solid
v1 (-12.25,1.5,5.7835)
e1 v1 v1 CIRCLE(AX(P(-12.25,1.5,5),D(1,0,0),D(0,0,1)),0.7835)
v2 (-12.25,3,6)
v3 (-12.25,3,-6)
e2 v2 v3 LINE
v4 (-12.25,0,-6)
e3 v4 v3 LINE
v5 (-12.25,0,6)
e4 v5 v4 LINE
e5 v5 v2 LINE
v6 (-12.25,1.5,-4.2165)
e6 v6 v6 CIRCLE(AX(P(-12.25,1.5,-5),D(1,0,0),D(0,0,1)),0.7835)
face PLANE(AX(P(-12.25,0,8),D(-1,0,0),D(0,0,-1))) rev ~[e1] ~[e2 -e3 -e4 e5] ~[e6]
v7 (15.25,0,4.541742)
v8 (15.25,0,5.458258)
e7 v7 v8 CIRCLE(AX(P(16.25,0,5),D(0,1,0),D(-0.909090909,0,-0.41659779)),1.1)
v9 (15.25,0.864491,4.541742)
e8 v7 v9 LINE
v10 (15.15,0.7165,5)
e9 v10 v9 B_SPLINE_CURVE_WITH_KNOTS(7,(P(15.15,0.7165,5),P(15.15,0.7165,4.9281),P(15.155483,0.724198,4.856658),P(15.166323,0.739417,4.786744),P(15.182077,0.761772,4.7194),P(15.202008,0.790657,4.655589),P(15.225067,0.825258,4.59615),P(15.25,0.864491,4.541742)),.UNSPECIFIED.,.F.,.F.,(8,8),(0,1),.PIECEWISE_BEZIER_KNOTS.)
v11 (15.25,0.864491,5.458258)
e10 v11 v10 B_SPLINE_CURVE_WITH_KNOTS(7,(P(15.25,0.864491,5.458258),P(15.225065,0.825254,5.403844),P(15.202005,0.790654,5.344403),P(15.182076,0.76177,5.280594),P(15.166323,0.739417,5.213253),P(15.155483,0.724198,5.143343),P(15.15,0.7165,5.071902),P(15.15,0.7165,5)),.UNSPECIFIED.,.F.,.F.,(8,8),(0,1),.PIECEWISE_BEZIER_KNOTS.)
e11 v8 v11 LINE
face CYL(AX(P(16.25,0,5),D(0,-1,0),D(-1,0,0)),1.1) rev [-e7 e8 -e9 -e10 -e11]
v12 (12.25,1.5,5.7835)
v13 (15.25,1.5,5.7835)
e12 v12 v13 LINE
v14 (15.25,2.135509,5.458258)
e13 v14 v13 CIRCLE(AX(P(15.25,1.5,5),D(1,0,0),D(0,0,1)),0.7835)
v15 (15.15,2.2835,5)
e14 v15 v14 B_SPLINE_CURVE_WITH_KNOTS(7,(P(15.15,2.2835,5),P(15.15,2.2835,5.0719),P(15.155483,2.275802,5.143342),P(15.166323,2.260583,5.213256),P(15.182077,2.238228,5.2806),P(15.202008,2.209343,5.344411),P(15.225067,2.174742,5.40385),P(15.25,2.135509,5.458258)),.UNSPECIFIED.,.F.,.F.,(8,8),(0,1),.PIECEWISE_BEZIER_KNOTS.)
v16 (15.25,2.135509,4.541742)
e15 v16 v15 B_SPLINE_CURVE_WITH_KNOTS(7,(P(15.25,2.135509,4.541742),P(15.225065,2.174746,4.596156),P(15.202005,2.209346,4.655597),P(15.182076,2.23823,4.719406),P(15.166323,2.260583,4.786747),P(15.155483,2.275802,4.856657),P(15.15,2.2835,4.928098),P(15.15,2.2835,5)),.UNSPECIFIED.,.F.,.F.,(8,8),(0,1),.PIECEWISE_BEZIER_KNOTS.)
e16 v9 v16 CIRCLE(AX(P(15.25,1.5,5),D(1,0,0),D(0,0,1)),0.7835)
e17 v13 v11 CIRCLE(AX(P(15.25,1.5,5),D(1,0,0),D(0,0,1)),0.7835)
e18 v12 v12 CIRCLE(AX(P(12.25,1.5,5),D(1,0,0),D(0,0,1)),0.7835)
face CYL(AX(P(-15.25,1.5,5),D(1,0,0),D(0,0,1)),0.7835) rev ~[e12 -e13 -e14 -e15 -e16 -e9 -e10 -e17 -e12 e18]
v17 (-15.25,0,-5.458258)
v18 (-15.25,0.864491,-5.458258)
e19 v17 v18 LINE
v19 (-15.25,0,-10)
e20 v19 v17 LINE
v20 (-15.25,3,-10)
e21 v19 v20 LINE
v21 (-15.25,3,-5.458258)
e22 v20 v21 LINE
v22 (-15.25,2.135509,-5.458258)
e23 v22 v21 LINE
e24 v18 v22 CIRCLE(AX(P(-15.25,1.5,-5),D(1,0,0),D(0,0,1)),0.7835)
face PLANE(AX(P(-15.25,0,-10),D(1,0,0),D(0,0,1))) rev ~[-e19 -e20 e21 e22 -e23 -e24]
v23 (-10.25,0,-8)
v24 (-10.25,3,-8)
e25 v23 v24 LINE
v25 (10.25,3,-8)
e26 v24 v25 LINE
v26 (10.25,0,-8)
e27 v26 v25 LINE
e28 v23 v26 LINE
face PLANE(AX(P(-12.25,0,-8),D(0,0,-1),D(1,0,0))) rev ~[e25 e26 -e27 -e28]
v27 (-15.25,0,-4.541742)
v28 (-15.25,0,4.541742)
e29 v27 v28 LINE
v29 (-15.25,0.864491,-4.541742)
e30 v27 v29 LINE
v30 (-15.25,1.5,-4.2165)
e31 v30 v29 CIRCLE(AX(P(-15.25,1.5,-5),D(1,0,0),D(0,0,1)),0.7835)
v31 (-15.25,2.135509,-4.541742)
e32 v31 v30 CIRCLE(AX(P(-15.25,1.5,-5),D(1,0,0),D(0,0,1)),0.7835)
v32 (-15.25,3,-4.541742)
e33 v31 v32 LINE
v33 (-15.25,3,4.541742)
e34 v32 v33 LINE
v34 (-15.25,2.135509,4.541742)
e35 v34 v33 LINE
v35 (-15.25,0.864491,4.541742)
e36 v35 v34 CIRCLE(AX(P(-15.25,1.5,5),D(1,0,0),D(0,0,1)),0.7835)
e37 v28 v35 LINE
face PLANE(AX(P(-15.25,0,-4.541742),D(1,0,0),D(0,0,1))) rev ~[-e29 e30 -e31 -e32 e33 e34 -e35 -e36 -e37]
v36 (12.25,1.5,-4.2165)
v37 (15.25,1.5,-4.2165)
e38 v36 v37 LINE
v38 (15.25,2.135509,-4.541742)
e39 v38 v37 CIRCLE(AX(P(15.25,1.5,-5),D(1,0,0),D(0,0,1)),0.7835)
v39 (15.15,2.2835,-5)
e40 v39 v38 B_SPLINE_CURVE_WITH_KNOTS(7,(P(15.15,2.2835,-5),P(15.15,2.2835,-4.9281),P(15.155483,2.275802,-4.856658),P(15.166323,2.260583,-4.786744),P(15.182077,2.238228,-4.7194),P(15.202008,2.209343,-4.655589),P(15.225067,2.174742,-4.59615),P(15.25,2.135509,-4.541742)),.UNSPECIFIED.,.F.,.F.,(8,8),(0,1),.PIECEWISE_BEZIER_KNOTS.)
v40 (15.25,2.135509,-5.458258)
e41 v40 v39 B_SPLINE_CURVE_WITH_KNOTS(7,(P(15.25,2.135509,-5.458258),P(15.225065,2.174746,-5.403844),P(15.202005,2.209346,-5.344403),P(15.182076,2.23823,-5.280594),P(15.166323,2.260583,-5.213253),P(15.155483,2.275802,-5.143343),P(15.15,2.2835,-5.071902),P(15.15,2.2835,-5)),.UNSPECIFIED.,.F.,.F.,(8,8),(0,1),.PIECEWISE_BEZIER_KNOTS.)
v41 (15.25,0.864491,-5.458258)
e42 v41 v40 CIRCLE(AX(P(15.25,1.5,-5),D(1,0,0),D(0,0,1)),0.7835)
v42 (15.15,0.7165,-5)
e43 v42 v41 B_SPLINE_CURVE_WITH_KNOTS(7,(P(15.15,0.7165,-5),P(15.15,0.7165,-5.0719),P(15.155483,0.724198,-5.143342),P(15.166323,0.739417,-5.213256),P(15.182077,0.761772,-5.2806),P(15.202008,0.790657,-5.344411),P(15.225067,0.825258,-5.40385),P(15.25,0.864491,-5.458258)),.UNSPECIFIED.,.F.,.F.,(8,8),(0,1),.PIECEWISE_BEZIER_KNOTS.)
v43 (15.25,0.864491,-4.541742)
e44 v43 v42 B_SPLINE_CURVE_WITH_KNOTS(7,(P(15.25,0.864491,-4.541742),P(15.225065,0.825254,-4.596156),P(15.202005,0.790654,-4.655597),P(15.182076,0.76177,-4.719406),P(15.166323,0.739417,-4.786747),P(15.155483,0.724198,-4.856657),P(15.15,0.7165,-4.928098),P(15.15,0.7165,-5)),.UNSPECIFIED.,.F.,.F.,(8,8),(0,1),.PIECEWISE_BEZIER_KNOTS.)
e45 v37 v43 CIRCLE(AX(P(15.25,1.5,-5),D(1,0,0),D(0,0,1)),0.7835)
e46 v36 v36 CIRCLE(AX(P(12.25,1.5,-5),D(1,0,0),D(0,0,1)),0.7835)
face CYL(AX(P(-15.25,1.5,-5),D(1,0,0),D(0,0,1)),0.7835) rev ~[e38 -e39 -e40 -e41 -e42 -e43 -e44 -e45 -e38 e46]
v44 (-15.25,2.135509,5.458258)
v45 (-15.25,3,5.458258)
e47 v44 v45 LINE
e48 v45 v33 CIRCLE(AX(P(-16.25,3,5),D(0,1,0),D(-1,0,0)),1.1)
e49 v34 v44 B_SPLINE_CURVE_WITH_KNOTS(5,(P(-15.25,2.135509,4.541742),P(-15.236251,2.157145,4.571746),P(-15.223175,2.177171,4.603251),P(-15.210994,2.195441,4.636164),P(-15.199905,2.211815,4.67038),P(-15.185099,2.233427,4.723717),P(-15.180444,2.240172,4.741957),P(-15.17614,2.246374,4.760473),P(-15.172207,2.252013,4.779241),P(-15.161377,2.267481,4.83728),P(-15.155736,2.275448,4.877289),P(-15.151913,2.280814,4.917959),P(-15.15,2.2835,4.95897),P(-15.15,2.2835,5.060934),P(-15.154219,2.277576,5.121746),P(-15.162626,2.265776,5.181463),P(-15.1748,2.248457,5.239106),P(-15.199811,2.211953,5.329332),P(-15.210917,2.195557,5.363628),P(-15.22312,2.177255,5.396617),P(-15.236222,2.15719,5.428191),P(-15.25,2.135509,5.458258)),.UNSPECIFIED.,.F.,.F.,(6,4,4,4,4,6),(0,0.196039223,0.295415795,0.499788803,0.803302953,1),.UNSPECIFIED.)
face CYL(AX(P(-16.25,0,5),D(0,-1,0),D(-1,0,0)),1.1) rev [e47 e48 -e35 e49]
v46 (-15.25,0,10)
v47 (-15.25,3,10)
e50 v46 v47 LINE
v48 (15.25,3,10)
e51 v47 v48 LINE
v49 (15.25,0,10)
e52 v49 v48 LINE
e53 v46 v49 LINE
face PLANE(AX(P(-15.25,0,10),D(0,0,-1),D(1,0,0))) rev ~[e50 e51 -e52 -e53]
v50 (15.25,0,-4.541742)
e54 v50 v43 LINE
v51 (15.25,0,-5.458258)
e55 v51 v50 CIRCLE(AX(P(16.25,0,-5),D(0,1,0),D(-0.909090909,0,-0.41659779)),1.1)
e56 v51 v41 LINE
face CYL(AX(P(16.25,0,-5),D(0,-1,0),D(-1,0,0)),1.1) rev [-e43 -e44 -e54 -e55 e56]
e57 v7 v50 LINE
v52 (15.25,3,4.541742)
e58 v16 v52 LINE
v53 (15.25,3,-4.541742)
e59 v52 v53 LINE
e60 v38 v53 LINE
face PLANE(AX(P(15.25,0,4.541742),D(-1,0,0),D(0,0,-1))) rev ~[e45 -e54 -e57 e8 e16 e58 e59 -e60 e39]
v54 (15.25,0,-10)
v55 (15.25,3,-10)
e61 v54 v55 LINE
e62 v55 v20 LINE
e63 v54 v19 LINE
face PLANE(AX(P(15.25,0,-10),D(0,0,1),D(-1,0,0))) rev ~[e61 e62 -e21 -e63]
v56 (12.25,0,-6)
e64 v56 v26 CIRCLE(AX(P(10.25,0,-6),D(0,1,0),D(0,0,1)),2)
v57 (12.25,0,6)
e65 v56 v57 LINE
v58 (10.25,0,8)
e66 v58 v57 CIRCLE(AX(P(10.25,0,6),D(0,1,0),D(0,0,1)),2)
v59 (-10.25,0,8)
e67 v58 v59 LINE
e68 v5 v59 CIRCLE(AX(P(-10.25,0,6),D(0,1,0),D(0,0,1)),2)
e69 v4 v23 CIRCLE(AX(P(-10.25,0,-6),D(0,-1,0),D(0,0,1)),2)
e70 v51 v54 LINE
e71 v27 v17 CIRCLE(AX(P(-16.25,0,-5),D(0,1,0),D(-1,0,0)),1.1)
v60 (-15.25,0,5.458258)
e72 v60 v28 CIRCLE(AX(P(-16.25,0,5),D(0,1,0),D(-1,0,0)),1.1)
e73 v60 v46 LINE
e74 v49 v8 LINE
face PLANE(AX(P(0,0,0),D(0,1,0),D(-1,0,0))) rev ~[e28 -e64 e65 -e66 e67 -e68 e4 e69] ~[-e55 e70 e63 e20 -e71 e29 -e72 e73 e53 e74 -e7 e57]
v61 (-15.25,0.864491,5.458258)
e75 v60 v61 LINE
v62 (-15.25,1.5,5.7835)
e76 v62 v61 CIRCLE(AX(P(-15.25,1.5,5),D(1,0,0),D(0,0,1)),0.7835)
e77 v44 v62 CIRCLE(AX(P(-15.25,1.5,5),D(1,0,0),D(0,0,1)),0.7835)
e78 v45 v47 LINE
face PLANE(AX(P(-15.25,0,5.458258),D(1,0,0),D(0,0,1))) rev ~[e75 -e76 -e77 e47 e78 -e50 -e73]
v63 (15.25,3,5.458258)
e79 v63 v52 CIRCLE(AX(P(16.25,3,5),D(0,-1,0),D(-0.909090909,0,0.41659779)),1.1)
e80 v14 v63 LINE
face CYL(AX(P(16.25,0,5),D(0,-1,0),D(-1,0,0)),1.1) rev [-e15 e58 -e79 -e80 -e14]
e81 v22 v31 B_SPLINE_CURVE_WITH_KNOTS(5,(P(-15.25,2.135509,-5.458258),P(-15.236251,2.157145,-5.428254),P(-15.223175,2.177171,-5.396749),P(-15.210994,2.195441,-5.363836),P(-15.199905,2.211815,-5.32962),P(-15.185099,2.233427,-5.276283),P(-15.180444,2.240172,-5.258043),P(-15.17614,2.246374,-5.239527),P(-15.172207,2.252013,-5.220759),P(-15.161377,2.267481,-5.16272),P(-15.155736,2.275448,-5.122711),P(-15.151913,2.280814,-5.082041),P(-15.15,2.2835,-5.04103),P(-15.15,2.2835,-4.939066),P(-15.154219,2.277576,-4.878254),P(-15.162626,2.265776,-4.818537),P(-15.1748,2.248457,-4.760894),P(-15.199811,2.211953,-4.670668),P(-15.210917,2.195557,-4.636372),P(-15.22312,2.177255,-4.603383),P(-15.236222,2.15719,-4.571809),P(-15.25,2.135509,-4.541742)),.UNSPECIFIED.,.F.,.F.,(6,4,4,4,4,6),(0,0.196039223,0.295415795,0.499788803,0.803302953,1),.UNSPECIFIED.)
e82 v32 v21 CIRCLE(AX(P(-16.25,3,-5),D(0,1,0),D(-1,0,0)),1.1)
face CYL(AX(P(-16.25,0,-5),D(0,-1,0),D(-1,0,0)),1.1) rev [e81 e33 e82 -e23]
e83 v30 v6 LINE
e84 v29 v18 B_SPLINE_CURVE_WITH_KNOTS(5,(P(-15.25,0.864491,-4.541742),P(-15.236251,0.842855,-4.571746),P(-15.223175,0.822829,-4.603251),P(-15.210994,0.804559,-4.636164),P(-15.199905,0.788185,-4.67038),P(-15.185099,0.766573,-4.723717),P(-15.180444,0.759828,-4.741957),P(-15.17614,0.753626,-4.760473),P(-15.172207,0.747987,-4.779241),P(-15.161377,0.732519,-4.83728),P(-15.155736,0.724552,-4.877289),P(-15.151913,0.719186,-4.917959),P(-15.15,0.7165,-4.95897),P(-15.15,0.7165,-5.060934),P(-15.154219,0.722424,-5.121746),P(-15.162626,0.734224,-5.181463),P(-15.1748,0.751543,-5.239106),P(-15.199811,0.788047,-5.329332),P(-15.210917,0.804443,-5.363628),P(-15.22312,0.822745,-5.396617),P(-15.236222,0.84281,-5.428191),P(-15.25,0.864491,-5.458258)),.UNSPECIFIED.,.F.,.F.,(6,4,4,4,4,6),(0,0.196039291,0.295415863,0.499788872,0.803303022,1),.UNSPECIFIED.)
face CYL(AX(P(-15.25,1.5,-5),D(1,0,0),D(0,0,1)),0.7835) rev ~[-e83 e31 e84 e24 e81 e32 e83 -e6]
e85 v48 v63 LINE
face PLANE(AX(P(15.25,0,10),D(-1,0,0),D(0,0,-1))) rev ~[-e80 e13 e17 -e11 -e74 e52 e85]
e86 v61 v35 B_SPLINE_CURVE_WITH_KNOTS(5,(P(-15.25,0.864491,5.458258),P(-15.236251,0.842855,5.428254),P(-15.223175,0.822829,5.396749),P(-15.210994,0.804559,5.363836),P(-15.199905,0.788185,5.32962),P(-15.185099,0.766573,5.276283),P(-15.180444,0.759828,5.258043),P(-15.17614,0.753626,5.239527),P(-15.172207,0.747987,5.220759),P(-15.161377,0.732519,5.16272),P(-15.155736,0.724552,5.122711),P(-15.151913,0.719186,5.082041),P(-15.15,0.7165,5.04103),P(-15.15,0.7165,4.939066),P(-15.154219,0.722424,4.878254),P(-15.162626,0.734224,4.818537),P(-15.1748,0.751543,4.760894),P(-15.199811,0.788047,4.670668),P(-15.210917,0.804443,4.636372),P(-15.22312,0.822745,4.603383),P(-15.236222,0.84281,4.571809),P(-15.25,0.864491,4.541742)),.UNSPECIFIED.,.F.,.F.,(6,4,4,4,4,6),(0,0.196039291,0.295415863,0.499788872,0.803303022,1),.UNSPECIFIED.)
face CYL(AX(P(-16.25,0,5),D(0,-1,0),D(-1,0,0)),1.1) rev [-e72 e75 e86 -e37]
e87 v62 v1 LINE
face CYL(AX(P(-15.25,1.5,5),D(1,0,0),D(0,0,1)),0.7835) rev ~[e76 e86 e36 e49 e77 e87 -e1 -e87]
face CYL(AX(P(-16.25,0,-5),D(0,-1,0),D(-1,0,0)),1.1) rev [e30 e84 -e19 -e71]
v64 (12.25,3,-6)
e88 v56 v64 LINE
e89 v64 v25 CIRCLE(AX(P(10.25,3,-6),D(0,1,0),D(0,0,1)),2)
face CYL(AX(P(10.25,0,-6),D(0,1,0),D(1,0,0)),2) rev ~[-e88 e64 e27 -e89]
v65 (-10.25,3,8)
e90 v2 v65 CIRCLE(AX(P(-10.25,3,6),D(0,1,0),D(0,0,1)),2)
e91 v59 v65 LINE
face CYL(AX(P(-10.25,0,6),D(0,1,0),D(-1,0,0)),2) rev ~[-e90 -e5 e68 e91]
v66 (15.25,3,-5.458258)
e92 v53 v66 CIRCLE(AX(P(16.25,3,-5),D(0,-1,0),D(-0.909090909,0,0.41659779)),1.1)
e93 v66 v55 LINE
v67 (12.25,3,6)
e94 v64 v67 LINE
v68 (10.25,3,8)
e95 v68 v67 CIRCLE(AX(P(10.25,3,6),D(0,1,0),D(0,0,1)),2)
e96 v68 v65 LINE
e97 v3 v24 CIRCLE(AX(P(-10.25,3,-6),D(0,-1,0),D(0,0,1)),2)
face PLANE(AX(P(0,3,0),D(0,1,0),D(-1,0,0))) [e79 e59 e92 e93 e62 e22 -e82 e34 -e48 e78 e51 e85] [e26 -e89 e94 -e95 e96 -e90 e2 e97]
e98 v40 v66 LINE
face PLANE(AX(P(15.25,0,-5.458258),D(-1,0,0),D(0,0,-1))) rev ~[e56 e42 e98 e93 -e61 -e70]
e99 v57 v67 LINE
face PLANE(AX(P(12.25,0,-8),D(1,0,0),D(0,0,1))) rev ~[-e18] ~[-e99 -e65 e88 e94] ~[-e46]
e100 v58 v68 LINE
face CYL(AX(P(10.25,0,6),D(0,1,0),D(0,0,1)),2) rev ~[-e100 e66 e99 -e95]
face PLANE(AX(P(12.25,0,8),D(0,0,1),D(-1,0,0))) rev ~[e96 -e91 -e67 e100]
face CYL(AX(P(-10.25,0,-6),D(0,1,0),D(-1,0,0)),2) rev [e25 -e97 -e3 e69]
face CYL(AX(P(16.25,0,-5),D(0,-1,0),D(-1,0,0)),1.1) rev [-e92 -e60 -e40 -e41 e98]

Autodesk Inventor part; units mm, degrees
ref_plane "YZ Plane" through (0, 0, 0) normal (1, 0, 0) x (0, 1, 0)
ref_plane "XZ Plane" through (0, 0, 0) normal (0, 1, 0) x (-1, 0, 0)
ref_plane "XY Plane" through (0, 0, 0) normal (0, 0, 1) x (1, 0, 0)
sketch "スケッチ1" plane through (0, 0, 0) normal (0, 1, 0) x (-1, 0, 0)
  line L0 (15.25, 10) -> (-15.25, 10)
  line L1 (-15.25, 10) -> (-15.25, -10)
  line L2 (-15.25, -10) -> (15.25, -10)
  line L3 (15.25, -10) -> (15.25, 10)
  line L4 (15.25, 10) -> (-15.25, -10) construction
  line L5 (-15.25, 10) -> (15.25, -10) construction
  line L6 (12.25, -8) -> (-12.25, -8)
  line L7 (-12.25, -8) -> (-12.25, 8)
  line L8 (-12.25, 8) -> (12.25, 8)
  line L9 (12.25, 8) -> (12.25, -8)
  circle A0 centre (-16.25, -5) radius 1.1
  line L10 (-15.25, 0) -> (15.25, 0) construction
  line L11 (0, 0) -> (0, -10) construction
  circle A1 centre (-16.25, 5) radius 1.1
  circle A2 centre (16.25, -5) radius 1.1
  circle A3 centre (16.25, 5) radius 1.1
  point P0 (0, 0)
  point P1 (-15.25, 5.4583)
  point P2 (-15.25, 4.5417)
  point P3 (-15.25, -4.5417)
  point P4 (-15.25, -5.4583)
  point P5 (15.25, -5.4583)
  point P6 (15.25, -4.5417)
  point P7 (15.25, 4.5417)
  point P8 (15.25, 5.4583)
  dimension "d0" = 30.5
  dimension "d1" = 20
  dimension "d3" = 2.2
  dimension "d4" = 1
  dimension "d5" = 10
  dimension "d16" = 2
  dimension "d17" = 2
  dimension "d18" = 3
  dimension "d19" = 3
extrude "押し出し1" add sketch "スケッチ1" along normal blind 3 contours L3 A3 A2 L2 L1 A0 A1 L0
fillet "フィレット1" radius 2 4 edges at (12.25, 1.5, -8) (12.25, 1.5, 8) (-12.25, 1.5, 8) (-12.25, 1.5, -8)
sketch "スケッチ2" plane through (-15.25, 0, -4.5417) normal (-1, 0, 0) x (0, 0, 1)
  line L0 (10.5417, 3) -> (10.5417, 0)
  line L1 (-1.4583, 0) -> (-1.4583, 3)
  line L2 (-1.4583, 3) -> (-1.4583, 0)
  line L3 (-0.9165, 0) -> (0, 0)
  line L4 (-1.4583, 3) -> (-1.4583, 0) projected
  line L5 (-0.9165, 0) -> (0, 0) projected
  line L6 (9.0835, 0) -> (10, 0) projected
  line L7 (10.5417, 0) -> (10.5417, 3) projected
  point P0 (4.5417, 0)
  point P1 (9.5417, 1.5)
  point P2 (-0.4583, 1.5)
  point P3 (-1.4583, 1.5)
  point P4 (-0.4583, 0)
  point P5 (9.5417, 0)
  point P6 (10.5417, 1.5)
hole "穴1" at (-15.25, 1.5, 5) at (-15.25, 1.5, -5) direction (1, 0, 0) diameter 1.567 end through all thread size "M2x0.4" class "6H" standard "ISO Metric profile"
equation "\"d17\" = d16"
equation "\"d19\" = d18"
properties part number "free_suzikai" material "アルミニウム 2014-T4"
